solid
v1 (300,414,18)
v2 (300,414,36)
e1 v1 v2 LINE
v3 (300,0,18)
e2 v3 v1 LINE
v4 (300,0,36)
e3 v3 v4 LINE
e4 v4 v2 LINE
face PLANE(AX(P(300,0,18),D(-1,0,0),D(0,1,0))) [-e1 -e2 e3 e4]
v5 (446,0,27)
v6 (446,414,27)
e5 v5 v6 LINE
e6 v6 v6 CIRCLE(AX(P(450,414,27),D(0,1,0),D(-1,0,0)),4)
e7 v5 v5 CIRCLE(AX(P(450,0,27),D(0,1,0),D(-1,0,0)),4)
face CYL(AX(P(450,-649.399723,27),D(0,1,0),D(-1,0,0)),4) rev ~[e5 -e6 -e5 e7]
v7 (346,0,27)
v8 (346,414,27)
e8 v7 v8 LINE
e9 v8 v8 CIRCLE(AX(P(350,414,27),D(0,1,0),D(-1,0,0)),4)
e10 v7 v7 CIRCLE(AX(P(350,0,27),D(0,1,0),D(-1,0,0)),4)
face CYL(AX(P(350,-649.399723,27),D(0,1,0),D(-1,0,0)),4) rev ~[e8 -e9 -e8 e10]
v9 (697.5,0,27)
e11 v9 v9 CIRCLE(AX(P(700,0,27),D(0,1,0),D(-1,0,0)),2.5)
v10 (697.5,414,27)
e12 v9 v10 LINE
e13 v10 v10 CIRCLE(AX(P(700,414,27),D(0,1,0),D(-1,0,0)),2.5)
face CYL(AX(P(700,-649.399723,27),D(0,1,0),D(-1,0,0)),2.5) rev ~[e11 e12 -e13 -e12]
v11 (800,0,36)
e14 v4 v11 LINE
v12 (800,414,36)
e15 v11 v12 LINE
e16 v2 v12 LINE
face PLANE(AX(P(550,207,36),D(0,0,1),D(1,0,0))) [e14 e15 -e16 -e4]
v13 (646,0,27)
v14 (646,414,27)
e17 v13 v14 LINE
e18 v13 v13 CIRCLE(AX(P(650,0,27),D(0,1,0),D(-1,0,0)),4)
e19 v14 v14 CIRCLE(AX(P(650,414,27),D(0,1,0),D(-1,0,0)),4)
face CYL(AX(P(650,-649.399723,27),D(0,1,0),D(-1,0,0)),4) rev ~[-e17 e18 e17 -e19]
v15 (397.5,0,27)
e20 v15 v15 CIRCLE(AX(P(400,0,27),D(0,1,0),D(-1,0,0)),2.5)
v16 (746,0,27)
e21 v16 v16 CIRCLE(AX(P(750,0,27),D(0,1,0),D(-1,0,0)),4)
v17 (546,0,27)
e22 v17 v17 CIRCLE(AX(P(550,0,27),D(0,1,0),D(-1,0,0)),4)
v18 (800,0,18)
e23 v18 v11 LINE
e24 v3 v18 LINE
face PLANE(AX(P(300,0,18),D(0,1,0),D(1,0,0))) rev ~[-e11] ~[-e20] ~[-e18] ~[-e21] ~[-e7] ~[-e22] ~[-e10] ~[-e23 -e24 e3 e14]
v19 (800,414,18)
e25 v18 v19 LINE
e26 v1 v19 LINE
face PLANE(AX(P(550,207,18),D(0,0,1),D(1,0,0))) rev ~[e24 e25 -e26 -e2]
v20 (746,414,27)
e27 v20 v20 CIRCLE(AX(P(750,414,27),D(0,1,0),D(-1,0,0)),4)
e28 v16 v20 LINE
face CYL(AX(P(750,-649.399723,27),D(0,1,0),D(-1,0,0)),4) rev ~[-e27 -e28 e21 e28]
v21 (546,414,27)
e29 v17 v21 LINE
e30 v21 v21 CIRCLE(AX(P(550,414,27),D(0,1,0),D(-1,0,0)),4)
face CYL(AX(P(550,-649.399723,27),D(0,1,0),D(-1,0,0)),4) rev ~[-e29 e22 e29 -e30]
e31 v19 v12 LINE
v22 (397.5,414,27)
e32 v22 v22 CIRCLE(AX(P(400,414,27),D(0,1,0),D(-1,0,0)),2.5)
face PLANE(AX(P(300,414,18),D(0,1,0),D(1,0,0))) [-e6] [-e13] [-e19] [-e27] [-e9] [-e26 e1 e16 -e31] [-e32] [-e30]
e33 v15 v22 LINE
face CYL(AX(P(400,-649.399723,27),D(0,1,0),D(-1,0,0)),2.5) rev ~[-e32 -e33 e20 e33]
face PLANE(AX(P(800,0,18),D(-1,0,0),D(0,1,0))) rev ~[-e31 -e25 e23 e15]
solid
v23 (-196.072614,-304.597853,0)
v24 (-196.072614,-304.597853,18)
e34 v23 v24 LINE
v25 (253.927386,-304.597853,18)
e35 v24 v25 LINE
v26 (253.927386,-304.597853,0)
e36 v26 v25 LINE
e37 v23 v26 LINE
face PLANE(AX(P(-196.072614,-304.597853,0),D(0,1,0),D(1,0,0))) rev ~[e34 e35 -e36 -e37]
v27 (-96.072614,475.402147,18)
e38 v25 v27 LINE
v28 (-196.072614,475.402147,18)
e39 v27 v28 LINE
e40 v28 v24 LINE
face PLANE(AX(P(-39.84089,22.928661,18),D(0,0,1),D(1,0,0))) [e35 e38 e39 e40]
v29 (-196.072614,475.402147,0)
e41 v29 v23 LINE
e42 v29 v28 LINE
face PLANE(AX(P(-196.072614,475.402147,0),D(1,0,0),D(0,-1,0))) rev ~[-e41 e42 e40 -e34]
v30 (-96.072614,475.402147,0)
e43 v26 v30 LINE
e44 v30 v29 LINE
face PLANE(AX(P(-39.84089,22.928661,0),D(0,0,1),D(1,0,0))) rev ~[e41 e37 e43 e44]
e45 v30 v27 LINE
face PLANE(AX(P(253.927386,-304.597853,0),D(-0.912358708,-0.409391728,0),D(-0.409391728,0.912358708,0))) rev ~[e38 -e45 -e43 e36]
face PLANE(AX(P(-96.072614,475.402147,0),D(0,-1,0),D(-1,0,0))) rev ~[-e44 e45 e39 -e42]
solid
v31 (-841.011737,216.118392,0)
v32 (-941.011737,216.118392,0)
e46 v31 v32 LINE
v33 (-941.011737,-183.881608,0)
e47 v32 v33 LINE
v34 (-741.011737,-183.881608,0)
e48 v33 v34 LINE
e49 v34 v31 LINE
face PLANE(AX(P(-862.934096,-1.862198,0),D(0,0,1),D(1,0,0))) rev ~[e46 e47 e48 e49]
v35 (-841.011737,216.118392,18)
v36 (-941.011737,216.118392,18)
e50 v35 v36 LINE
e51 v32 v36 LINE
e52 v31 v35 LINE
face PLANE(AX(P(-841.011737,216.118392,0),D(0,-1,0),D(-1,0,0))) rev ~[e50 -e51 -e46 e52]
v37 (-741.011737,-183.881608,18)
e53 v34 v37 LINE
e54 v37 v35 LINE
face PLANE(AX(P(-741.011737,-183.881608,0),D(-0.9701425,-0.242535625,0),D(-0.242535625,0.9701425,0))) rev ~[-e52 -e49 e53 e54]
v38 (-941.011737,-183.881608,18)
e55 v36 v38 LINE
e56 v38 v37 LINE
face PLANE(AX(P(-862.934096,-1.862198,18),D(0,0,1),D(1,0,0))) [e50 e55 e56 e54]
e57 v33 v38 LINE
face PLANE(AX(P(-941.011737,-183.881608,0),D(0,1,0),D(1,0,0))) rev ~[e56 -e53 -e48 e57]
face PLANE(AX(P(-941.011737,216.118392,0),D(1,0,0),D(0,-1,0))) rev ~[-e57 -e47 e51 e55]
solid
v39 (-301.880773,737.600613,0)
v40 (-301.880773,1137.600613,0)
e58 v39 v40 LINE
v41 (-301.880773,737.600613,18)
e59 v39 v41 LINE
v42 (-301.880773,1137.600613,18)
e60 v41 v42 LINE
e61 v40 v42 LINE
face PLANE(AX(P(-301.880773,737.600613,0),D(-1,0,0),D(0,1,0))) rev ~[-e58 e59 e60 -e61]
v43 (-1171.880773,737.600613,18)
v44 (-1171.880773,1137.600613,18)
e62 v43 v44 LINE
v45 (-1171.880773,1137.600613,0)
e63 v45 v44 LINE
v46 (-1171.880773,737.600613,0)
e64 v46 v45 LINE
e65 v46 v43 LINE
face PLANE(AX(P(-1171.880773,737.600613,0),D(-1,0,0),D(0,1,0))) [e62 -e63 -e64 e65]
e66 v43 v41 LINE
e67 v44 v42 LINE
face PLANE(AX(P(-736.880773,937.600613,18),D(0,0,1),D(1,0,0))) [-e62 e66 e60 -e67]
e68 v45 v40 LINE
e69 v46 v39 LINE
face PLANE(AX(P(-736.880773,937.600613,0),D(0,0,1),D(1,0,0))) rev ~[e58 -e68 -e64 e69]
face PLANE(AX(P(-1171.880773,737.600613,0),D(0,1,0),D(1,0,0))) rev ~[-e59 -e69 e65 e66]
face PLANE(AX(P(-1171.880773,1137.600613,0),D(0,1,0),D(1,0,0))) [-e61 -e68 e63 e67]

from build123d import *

# Parameters (mm, degrees)
F1_DEPTH  = 18
F2_W      = 500
F2_H      = 414
F3_DEPTH  = 18
F4_DEPTH  = 18
F6_D      = 8
F8_DEPTH  = 18
F9_W      = 870
F9_H      = 400
F10_DEPTH = 18
F11_D     = 5


with BuildPart() as f1:
    # F0 (on Top) → F1 (new body)
    with BuildSketch(Plane.XY):
        Polygon((-196.072614, 475.402147), (-196.072614, -304.597853), (253.927386, -304.597853), (-96.072614, 475.402147), align=None)
    extrude(amount=F1_DEPTH)


with BuildPart() as f3:
    # F2 (on face) → F3 (new body)
    with BuildSketch(Plane.XY.offset(18)):
        with Locations((550, 207)):
            Rectangle(F2_W, F2_H)
    extrude(amount=F3_DEPTH)

    # F2 (on face) → F4 (join)
    with BuildSketch(Plane.XY.offset(18)):
        with Locations((550, 207)):
            Rectangle(F2_W, F2_H)
    extrude(amount=F4_DEPTH)

    # F6 (through all)
    with Locations(Plane.XZ):
        with Locations((350, 27), (450, 27), (550, 27), (650, 27), (750, 27)):
            Hole(F6_D / 2)

    # F11 (through all)
    with Locations(Plane.XZ):
        with Locations((400, 27), (700, 27)):
            Hole(F11_D / 2)


with BuildPart() as f8:
    # F7 (on Top) → F8 (new body)
    with BuildSketch(Plane.XY):
        Polygon((-941.011737, 216.118392), (-941.011737, -183.881608), (-741.011737, -183.881608), (-841.011737, 216.118392), align=None)
    extrude(amount=F8_DEPTH)


with BuildPart() as f10:
    # F9 (on Top) → F10 (new body)
    with BuildSketch(Plane.XY):
        with Locations((-736.880773, 937.600613)):
            Rectangle(F9_W, F9_H)
    extrude(amount=F10_DEPTH)


solid = Compound([f1.part, f3.part, f8.part, f10.part])
